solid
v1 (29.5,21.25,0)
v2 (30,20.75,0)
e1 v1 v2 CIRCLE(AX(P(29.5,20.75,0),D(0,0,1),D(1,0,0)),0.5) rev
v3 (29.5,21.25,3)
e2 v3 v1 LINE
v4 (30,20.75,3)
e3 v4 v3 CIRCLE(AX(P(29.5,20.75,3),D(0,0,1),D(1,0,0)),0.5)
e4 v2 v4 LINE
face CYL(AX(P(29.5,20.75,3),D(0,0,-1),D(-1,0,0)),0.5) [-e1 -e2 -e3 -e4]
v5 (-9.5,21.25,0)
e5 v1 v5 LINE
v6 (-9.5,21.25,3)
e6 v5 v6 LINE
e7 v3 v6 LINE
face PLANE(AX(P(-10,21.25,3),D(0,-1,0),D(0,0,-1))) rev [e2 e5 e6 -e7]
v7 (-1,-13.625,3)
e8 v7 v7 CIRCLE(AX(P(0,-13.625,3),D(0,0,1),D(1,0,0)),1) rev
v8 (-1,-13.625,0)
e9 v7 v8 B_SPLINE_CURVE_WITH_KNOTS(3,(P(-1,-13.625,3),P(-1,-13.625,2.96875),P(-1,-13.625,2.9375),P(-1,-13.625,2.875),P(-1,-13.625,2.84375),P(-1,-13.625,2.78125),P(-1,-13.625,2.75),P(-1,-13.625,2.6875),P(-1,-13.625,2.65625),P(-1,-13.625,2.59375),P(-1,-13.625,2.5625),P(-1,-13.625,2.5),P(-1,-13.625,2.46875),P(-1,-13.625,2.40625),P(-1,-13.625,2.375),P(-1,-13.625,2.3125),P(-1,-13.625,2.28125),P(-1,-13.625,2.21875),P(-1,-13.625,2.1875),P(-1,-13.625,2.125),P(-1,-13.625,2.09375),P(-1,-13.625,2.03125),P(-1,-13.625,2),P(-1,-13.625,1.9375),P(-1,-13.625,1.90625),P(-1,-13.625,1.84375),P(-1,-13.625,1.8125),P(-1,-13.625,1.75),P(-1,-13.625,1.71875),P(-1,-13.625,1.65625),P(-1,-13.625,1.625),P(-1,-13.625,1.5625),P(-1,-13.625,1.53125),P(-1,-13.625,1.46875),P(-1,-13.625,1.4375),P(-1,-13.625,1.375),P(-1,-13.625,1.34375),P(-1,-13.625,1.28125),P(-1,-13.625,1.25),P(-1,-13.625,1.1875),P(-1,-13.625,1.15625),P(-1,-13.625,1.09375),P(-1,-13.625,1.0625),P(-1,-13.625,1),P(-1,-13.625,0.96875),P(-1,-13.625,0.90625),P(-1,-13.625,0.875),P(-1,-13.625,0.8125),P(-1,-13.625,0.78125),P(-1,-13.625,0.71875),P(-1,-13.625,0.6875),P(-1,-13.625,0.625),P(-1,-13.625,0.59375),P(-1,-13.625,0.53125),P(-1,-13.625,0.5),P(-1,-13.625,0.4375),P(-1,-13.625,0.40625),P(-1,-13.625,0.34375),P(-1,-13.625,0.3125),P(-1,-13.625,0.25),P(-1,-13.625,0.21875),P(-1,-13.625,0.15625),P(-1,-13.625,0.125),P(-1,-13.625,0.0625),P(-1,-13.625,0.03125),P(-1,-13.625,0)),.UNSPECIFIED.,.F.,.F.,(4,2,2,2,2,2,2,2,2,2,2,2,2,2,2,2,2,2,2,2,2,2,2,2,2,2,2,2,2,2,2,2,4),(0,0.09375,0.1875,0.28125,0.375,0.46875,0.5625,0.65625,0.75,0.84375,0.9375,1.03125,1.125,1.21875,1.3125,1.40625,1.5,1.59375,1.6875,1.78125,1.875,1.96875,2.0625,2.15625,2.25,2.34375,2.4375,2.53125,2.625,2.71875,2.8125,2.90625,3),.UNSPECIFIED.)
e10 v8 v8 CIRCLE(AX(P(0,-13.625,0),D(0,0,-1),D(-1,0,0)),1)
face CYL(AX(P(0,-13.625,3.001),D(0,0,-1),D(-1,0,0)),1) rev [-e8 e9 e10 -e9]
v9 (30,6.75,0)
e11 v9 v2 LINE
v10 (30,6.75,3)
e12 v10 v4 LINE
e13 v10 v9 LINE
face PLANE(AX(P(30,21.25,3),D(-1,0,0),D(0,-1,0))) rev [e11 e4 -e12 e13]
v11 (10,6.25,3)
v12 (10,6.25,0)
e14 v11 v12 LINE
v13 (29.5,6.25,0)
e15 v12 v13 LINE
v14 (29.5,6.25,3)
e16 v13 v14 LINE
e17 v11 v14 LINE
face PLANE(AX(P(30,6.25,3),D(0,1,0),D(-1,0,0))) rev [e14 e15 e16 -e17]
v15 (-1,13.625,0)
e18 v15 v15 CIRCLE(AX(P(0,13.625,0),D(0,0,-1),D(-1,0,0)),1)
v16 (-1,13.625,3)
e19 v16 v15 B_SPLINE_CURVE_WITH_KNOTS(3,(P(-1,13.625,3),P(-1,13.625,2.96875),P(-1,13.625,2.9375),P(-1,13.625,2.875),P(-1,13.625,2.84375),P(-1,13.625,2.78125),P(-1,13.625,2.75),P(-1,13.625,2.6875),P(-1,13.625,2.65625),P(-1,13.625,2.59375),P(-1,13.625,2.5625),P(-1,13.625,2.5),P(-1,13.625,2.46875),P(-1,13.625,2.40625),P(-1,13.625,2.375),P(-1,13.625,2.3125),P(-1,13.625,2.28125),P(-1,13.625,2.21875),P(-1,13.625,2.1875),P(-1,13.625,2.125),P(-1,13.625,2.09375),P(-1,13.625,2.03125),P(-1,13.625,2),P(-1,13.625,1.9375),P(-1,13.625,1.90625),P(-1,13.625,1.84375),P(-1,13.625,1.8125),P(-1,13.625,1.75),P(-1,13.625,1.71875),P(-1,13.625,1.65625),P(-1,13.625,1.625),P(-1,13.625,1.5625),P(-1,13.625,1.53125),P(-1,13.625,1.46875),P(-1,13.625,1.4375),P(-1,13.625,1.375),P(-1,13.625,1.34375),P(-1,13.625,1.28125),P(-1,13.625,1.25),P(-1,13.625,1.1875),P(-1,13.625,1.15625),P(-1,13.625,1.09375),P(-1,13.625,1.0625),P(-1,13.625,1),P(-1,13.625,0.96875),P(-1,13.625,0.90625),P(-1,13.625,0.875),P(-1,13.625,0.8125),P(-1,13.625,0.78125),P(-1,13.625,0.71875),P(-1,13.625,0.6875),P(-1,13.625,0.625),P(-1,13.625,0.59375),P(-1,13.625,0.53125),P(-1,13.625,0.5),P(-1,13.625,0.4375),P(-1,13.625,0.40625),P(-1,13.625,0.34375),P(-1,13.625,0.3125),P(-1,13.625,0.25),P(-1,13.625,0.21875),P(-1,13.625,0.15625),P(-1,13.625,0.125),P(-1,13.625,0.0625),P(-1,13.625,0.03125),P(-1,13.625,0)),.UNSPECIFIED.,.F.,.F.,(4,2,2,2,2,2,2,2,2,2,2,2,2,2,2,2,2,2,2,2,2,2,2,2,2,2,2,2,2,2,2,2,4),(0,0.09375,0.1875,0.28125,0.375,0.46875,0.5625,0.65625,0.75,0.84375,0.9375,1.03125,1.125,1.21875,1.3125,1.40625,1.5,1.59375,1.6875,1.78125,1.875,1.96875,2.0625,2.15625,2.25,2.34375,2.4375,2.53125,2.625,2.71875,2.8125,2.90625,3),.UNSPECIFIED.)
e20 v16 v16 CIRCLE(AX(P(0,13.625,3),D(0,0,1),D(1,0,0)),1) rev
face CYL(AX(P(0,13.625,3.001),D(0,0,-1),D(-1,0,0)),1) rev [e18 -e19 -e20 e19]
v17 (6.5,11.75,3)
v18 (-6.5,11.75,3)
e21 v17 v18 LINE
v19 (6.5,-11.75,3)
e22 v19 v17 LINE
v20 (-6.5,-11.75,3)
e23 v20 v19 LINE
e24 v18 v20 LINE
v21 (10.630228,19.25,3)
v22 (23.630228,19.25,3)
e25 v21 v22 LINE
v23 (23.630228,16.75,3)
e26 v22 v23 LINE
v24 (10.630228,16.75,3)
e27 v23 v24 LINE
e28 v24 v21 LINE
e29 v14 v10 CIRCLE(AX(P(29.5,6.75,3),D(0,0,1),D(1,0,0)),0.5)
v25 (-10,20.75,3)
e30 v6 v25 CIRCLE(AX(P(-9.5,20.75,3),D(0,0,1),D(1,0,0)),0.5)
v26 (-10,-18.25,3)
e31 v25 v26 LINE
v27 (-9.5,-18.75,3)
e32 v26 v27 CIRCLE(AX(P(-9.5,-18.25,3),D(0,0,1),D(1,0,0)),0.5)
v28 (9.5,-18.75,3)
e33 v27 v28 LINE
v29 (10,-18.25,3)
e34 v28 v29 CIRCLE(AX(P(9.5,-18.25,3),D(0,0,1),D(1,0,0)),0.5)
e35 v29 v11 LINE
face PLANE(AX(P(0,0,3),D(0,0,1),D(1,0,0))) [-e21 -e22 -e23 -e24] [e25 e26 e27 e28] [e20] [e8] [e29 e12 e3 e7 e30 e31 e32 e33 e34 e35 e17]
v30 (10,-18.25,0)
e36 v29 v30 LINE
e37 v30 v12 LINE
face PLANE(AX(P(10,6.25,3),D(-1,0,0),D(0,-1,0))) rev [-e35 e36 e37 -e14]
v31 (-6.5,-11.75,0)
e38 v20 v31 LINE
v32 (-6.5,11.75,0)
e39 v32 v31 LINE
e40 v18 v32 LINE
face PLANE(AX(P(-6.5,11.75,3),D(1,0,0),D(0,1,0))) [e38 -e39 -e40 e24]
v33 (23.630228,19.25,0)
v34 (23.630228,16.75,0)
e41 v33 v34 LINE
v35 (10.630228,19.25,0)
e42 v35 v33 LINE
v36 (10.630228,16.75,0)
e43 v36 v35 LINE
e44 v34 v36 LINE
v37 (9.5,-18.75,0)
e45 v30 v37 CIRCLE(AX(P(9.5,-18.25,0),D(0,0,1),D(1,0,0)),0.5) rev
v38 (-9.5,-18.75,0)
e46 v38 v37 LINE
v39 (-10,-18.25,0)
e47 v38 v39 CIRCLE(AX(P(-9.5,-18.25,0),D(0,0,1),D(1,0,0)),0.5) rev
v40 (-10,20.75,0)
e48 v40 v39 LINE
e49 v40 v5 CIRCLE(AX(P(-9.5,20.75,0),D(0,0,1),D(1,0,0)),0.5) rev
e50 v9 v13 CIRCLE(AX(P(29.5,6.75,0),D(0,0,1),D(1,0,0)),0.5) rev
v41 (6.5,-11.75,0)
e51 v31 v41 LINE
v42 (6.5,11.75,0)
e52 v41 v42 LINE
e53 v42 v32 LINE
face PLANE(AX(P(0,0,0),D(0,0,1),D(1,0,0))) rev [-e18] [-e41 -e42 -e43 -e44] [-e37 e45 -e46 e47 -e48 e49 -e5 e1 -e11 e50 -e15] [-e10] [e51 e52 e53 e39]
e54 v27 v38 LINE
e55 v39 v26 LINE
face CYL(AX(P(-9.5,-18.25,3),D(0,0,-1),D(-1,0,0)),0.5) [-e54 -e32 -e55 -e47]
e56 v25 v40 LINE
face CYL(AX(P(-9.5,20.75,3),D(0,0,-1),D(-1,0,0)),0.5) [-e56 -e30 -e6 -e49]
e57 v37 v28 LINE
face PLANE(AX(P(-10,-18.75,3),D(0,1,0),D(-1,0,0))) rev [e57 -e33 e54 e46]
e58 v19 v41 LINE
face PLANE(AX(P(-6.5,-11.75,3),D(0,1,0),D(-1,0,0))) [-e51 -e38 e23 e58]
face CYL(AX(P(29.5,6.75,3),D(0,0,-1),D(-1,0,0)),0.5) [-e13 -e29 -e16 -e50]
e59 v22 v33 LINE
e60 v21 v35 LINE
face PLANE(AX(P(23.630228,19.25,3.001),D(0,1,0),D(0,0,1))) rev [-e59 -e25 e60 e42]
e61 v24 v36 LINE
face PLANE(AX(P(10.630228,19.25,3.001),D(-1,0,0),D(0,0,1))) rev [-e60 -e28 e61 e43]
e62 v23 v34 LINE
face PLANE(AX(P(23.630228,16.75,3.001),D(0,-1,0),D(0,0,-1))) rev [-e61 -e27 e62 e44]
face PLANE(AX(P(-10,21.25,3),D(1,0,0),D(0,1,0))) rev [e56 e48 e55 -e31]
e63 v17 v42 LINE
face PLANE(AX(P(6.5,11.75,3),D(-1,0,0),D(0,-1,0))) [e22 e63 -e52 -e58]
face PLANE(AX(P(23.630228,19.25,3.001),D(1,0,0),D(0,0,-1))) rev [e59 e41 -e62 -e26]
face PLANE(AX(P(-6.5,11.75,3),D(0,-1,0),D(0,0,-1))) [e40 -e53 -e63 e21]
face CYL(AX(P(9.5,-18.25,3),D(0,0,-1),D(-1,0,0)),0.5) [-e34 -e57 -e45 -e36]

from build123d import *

# Parameters (mm, degrees)
IZIM1_W                     = 13
IZIM1_H                     = 23.5
Y_KSEKLIK_EKSTR_ZYON1_DEPTH = 3
RADYUS1_R                   = 0.5
KES_EKSTR_ZYON1_REACH       = 38.886
IZIM5_R                     = 1
KES_EKSTR_ZYON2_REACH       = 38.886
IZIM6_W                     = 13
IZIM6_H                     = 2.5


with BuildPart() as part:
    # Çizim1 → Yükseklik-Ekstrüzyon1 (new body)
    with BuildSketch(Plane.XY):
        Polygon((10, 21.25), (30, 21.25), (30, 6.25), (10, 6.25), (10, -18.75), (-10, -18.75), (-10, 21.25), align=None)
        Rectangle(IZIM1_W, IZIM1_H, mode=Mode.SUBTRACT)
    extrude(amount=Y_KSEKLIK_EKSTR_ZYON1_DEPTH)

    # Radyus1
    radyus1_edges = [part.edges().sort_by_distance(p)[0] for p in [
        (-10, 21.25, 1.5),
        (30, 21.25, 1.5),
        (30, 6.25, 1.5),
        (10, -18.75, 1.5),
        (-10, -18.75, 1.5),
    ]]
    fillet(radyus1_edges, radius=RADYUS1_R)

    # Çizim5 → Kes-Ekstrüzyon1 (cut, up to next)
    with BuildSketch(Plane(origin=(0, 0, 0), x_dir=(-1, 0, 0), z_dir=(0, 0, -1)), mode=Mode.PRIVATE) as kes_ekstr_zyon1_sk1:
        with Locations((0, 13.625)):
            Circle(IZIM5_R)
    kes_ekstr_zyon1_tool1 = extrude(kes_ekstr_zyon1_sk1.sketch, amount=-KES_EKSTR_ZYON1_REACH, mode=Mode.PRIVATE) & part.part
    # Çizim5 → Kes-Ekstrüzyon1 (cut, up to next)
    with BuildSketch(Plane(origin=(0, 0, 0), x_dir=(-1, 0, 0), z_dir=(0, 0, -1)), mode=Mode.PRIVATE) as kes_ekstr_zyon1_sk2:
        with Locations((0, -13.625)):
            Circle(IZIM5_R)
    kes_ekstr_zyon1_tool2 = extrude(kes_ekstr_zyon1_sk2.sketch, amount=-KES_EKSTR_ZYON1_REACH, mode=Mode.PRIVATE) & part.part
    add(kes_ekstr_zyon1_tool1.solids().sort_by_distance((0, 13.625, 0))[0], mode=Mode.SUBTRACT)
    add(kes_ekstr_zyon1_tool2.solids().sort_by_distance((0, -13.625, 0))[0], mode=Mode.SUBTRACT)

    # Çizim6 → Kes-Ekstrüzyon2 (cut, up to next)
    with BuildSketch(Plane(origin=(0, 0, 0), x_dir=(-1, 0, 0), z_dir=(0, 0, -1)), mode=Mode.PRIVATE) as kes_ekstr_zyon2_sk1:
        with Locations((-17.130228212, 18)):
            Rectangle(IZIM6_W, IZIM6_H)
    kes_ekstr_zyon2_tool1 = extrude(kes_ekstr_zyon2_sk1.sketch, amount=-KES_EKSTR_ZYON2_REACH, mode=Mode.PRIVATE) & part.part
    add(kes_ekstr_zyon2_tool1.solids().sort_by_distance((17.130228, 18, 0))[0], mode=Mode.SUBTRACT)


solid = part.part
